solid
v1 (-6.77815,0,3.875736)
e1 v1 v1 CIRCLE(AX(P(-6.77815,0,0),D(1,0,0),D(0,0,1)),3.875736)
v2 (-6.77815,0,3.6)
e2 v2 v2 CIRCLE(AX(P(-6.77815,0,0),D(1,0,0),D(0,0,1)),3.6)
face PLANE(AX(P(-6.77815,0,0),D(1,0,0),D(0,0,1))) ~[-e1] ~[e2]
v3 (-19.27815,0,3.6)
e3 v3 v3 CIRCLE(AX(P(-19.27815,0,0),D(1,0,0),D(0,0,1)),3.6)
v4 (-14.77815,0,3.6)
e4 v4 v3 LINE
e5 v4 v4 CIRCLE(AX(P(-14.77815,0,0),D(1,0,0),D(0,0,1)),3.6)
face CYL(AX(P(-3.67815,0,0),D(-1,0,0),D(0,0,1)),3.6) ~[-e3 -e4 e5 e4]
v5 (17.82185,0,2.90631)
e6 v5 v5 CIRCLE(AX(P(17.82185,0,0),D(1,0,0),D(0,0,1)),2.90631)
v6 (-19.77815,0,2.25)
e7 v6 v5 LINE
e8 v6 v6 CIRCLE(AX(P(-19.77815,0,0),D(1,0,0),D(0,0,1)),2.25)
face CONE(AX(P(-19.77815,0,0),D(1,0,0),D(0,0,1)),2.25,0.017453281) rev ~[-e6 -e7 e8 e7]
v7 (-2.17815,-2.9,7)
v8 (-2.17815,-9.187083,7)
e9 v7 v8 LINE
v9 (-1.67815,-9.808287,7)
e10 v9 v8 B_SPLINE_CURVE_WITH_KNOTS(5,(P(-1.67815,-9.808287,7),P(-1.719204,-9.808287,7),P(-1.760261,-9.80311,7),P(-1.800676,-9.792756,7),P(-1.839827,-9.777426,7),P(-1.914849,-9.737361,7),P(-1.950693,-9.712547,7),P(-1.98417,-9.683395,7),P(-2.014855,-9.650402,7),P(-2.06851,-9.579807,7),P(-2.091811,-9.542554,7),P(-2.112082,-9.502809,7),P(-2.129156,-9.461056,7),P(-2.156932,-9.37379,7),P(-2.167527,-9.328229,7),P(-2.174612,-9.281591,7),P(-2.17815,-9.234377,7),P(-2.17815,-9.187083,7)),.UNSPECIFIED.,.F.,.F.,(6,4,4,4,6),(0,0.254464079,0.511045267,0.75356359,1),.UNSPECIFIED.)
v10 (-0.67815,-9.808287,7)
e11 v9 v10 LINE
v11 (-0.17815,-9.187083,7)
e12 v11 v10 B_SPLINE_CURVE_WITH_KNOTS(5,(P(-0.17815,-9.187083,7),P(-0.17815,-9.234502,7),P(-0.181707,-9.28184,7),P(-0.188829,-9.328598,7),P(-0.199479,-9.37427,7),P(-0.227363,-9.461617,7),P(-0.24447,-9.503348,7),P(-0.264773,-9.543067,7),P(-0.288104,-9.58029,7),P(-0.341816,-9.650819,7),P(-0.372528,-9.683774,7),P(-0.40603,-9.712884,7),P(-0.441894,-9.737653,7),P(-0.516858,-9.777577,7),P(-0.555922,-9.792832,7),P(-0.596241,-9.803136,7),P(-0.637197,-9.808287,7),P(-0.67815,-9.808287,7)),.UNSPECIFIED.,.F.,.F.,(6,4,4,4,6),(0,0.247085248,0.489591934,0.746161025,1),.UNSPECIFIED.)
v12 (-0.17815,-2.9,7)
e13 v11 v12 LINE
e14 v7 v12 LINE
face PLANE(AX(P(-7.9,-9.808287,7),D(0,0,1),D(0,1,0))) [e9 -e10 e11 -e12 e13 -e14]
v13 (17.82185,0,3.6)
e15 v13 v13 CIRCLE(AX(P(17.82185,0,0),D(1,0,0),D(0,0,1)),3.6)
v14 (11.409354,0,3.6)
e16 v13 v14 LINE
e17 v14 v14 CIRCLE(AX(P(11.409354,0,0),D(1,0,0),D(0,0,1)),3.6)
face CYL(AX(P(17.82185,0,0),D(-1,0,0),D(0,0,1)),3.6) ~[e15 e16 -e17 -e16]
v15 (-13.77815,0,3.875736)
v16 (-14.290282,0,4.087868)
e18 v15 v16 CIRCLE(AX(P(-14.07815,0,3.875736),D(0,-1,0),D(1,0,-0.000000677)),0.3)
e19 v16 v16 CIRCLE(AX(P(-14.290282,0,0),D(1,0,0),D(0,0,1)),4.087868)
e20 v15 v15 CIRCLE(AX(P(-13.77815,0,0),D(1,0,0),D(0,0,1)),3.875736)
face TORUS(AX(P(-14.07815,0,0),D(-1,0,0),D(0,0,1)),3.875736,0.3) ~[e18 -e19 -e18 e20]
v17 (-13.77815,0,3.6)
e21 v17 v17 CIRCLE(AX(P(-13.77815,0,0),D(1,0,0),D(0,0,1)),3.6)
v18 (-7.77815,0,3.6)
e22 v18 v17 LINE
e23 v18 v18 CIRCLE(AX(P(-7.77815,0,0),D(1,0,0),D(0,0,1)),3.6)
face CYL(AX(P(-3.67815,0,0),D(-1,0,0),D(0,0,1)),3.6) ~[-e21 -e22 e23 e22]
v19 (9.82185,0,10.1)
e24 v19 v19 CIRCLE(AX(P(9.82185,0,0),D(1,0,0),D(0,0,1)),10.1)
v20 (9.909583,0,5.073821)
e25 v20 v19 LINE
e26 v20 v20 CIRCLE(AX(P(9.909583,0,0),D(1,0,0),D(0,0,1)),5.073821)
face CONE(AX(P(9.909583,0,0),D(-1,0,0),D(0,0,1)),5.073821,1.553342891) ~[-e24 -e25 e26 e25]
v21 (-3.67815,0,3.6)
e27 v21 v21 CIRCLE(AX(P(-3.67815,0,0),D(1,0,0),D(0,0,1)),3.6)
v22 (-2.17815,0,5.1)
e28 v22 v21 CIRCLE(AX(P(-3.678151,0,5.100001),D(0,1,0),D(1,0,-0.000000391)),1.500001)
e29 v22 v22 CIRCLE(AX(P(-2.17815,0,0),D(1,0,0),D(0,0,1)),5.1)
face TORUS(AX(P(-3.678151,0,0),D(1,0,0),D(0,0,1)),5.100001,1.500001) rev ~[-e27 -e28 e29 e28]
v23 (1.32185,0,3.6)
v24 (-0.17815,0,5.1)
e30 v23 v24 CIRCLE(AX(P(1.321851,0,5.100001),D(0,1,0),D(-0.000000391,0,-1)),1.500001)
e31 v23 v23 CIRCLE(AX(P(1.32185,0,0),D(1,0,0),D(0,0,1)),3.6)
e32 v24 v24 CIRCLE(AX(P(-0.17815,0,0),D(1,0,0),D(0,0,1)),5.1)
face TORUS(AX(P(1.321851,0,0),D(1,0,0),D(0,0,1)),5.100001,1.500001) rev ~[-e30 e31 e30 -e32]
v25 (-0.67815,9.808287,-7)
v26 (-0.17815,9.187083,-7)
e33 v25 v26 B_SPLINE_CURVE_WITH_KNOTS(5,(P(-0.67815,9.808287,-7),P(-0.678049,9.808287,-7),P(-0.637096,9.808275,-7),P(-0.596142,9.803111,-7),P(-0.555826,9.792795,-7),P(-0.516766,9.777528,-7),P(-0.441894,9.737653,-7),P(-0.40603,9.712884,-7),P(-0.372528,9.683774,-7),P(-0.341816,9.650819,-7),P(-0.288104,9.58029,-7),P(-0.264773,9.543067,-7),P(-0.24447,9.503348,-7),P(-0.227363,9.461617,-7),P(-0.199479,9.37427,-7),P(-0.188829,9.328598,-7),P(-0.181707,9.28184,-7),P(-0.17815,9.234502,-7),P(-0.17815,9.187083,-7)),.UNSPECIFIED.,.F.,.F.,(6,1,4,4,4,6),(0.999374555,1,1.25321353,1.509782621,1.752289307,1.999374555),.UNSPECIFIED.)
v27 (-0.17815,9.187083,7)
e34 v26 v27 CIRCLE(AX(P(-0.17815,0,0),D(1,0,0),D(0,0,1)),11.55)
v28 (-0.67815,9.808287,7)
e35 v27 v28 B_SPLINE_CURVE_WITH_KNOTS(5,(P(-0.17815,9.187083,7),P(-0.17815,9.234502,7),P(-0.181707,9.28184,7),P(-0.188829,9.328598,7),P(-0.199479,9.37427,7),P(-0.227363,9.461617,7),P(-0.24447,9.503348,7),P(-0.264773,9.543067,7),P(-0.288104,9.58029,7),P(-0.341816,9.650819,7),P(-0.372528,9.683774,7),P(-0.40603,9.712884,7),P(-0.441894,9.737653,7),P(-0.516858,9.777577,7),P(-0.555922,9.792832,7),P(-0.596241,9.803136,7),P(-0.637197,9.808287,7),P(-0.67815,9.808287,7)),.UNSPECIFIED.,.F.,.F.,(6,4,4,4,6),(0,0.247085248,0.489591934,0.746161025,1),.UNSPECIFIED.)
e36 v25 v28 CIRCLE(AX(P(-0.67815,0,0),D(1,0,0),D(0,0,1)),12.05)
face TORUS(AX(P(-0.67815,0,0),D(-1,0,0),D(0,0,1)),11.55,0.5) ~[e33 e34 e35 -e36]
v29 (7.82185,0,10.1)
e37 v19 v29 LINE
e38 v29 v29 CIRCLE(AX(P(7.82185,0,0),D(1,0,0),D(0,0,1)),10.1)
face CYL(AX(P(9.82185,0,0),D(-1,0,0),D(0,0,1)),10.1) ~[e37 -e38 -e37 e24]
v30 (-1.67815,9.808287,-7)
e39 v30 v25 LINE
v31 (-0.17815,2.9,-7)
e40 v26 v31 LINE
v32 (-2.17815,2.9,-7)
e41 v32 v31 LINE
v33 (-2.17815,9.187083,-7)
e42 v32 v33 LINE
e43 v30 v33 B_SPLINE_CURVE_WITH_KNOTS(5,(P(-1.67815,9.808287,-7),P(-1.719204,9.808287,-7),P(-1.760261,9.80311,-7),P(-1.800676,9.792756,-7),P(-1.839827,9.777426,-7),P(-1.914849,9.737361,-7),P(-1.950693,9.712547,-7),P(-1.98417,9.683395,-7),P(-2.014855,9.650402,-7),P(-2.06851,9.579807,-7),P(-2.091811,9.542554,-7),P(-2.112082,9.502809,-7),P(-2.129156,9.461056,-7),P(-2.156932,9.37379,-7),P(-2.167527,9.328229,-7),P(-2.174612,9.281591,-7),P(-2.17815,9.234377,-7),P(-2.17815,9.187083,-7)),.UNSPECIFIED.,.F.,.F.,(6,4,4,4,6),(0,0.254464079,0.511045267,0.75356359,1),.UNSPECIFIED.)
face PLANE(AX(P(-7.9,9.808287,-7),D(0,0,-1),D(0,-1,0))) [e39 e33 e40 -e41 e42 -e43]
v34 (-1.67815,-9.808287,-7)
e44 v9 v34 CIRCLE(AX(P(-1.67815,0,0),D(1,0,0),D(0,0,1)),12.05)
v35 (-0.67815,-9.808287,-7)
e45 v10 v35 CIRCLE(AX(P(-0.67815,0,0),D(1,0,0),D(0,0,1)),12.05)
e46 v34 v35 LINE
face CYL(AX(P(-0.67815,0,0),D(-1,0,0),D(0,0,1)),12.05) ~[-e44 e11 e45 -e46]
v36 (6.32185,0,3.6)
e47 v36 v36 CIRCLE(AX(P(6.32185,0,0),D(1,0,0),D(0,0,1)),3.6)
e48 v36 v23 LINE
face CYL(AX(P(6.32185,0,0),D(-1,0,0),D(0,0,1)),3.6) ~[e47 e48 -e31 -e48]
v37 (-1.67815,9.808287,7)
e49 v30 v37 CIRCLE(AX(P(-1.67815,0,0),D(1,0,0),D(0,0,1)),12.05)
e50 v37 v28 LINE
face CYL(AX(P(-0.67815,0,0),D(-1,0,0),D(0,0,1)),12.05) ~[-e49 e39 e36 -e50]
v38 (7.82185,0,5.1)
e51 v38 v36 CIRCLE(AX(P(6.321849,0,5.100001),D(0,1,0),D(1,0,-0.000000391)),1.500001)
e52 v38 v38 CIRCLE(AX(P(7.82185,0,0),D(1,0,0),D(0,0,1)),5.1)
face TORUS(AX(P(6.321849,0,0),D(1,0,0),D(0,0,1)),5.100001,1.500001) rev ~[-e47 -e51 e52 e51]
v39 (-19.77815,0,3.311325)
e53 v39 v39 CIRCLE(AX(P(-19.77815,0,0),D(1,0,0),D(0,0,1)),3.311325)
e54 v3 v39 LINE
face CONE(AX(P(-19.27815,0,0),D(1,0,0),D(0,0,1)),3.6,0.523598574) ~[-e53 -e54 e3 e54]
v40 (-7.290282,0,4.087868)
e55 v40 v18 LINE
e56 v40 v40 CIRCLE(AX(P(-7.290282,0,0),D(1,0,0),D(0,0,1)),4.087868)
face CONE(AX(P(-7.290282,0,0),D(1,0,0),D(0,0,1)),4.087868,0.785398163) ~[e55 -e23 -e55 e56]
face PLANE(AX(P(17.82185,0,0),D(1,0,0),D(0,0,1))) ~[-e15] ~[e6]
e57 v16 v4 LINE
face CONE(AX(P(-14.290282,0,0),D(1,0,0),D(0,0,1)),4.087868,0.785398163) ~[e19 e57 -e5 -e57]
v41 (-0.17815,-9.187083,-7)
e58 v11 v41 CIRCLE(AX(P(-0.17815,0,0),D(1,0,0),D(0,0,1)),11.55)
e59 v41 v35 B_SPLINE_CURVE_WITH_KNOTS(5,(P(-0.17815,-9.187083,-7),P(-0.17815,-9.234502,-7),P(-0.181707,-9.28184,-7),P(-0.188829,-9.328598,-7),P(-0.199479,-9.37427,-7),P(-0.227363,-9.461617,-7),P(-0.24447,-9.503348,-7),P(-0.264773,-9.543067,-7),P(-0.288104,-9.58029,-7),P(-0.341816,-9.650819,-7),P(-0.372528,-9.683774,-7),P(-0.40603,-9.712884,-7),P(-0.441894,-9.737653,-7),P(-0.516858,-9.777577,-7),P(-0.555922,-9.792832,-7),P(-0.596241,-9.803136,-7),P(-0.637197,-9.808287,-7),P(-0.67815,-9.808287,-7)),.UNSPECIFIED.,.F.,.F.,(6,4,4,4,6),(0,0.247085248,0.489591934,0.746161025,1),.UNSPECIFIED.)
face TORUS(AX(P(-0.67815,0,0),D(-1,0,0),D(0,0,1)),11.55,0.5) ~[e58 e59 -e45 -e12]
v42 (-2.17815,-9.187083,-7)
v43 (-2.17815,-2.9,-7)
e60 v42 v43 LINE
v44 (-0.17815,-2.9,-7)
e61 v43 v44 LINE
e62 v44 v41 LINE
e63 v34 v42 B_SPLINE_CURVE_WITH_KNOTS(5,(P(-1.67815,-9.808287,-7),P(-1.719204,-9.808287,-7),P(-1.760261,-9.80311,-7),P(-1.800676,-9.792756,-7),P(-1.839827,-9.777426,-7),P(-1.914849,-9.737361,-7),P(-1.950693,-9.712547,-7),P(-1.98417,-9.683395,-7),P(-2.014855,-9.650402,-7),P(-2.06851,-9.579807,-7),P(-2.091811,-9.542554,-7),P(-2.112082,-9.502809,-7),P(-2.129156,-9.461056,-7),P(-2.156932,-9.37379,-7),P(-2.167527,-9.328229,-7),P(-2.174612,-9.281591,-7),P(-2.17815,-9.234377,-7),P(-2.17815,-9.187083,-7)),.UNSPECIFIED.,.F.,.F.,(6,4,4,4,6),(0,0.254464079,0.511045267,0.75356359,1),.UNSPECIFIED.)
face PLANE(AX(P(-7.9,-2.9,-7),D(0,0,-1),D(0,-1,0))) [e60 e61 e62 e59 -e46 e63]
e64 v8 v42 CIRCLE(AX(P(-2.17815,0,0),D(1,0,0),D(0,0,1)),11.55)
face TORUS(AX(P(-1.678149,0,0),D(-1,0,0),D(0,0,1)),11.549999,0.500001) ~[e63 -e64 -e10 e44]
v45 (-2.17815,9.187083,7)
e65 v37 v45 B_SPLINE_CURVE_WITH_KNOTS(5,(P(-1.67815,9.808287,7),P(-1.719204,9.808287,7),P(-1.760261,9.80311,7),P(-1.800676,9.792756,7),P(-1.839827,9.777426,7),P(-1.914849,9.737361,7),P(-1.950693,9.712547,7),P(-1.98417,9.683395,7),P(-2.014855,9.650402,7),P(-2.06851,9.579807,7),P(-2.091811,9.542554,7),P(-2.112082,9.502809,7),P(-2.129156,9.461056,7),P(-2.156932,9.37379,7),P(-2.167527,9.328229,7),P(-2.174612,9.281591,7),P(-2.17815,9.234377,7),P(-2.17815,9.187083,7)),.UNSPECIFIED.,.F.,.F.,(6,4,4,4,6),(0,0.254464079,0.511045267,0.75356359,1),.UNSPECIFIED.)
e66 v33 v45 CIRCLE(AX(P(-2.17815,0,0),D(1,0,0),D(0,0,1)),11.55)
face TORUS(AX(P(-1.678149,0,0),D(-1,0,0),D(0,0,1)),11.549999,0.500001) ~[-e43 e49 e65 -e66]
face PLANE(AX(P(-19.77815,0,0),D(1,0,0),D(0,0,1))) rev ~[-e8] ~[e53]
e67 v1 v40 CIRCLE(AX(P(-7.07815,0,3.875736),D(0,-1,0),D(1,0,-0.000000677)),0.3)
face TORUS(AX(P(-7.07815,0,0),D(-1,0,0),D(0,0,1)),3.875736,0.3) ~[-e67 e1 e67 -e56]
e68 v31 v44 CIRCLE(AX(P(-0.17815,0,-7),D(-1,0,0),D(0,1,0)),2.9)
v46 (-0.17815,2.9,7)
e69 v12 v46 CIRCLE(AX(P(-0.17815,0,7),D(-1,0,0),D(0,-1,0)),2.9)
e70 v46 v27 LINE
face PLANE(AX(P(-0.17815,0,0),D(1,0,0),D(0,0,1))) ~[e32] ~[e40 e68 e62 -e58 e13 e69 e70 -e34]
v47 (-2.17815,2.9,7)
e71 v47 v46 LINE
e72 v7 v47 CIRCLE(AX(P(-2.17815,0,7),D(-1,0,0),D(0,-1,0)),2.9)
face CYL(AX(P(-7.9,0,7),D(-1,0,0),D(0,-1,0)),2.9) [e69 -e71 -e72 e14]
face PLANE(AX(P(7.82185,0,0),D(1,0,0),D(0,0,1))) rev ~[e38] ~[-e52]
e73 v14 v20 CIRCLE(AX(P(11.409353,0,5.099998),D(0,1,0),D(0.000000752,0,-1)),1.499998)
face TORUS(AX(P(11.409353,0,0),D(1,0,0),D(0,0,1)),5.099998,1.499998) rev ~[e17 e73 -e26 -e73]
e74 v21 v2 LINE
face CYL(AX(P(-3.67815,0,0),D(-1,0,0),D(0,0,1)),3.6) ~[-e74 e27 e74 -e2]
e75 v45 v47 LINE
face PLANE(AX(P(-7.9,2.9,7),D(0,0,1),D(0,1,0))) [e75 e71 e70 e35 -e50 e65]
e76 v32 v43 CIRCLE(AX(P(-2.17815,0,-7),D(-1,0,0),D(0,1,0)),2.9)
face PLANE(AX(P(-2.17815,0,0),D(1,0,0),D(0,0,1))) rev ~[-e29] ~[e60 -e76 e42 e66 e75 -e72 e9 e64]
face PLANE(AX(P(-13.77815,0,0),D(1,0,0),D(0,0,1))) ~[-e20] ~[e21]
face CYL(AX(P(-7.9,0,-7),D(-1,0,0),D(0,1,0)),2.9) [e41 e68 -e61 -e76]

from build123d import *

# Parameters (mm, degrees)
F4_DEPTH = 11.1


with BuildPart() as f1:
    # F0 (on Front) → F1 (revolve)
    with BuildSketch(Plane.XZ):
        with BuildLine():
            Line((-19.77815, 3.311325), (-19.77815, 2.25))
            Line((-19.77815, 2.25), (17.82185, 2.90631))
            Line((17.82185, 2.90631), (17.82185, 3.6))
            Line((17.82185, 3.6), (11.409354, 3.6))
            ThreePointArc((11.409354, 3.6), (10.35799, 4.030124), (9.909583, 5.073821))
            Line((9.909583, 5.073821), (9.82185, 10.1))
            Line((9.82185, 10.1), (7.82185, 10.1))
            Line((7.82185, 10.1), (7.82185, 5.1))
            ThreePointArc((7.82185, 5.1), (7.38251, 4.03934), (6.32185, 3.6))
            Line((6.32185, 3.6), (1.32185, 3.6))
            ThreePointArc((1.32185, 3.6), (0.26119, 4.03934), (-0.17815, 5.1))
            Line((-0.17815, 5.1), (-0.17815, 11.55))
            ThreePointArc((-0.17815, 11.55), (-0.324596, 11.903553), (-0.67815, 12.05))
            Line((-0.67815, 12.05), (-1.67815, 12.05))
            ThreePointArc((-1.67815, 12.05), (-2.031703, 11.903553), (-2.17815, 11.55))
            Line((-2.17815, 11.55), (-2.17815, 5.1))
            ThreePointArc((-2.17815, 5.1), (-2.61749, 4.03934), (-3.67815, 3.6))
            Line((-3.67815, 3.6), (-6.77815, 3.6))
            Line((-6.77815, 3.6), (-7.77815, 3.6))
            Line((-7.77815, 3.6), (-13.77815, 3.6))
            Line((-13.77815, 3.6), (-14.77815, 3.6))
            Line((-14.77815, 3.6), (-19.27815, 3.6))
            Line((-19.27815, 3.6), (-19.77815, 3.311325))
        make_face()
        with BuildLine():
            Line((-14.290282, 4.087868), (-14.77815, 3.6))
            Line((-14.77815, 3.6), (-13.77815, 3.6))
            Line((-13.77815, 3.6), (-13.77815, 3.875736))
            ThreePointArc((-13.77815, 3.875736), (-13.963345, 4.1529), (-14.290282, 4.087868))
        make_face()
        with BuildLine():
            Line((-7.290282, 4.087868), (-7.77815, 3.6))
            Line((-7.77815, 3.6), (-6.77815, 3.6))
            Line((-6.77815, 3.6), (-6.77815, 3.875736))
            ThreePointArc((-6.77815, 3.875736), (-6.963345, 4.1529), (-7.290282, 4.087868))
        make_face()
    revolve(axis=Axis((0.00444, 0, 0), (1, 0, 0)))

    # F3 (on offset) → F4 (cut)
    with BuildSketch(Plane.YZ.offset(-7.9)):
        with BuildLine():
            Line((2.9, 7), (9.808287, 7))
            ThreePointArc((9.808287, 7), (0, 12.05), (-9.808287, 7))
            Line((-9.808287, 7), (-2.9, 7))
            ThreePointArc((-2.9, 7), (0, 9.9), (2.9, 7))
        make_face()
        with BuildLine():
            ThreePointArc((-9.808287, -7), (0, -12.05), (9.808287, -7))
            Line((9.808287, -7), (2.9, -7))
            ThreePointArc((2.9, -7), (0, -9.9), (-2.9, -7))
            Line((-2.9, -7), (-9.808287, -7))
        make_face()
    extrude(amount=F4_DEPTH, mode=Mode.SUBTRACT)


solid = f1.part
